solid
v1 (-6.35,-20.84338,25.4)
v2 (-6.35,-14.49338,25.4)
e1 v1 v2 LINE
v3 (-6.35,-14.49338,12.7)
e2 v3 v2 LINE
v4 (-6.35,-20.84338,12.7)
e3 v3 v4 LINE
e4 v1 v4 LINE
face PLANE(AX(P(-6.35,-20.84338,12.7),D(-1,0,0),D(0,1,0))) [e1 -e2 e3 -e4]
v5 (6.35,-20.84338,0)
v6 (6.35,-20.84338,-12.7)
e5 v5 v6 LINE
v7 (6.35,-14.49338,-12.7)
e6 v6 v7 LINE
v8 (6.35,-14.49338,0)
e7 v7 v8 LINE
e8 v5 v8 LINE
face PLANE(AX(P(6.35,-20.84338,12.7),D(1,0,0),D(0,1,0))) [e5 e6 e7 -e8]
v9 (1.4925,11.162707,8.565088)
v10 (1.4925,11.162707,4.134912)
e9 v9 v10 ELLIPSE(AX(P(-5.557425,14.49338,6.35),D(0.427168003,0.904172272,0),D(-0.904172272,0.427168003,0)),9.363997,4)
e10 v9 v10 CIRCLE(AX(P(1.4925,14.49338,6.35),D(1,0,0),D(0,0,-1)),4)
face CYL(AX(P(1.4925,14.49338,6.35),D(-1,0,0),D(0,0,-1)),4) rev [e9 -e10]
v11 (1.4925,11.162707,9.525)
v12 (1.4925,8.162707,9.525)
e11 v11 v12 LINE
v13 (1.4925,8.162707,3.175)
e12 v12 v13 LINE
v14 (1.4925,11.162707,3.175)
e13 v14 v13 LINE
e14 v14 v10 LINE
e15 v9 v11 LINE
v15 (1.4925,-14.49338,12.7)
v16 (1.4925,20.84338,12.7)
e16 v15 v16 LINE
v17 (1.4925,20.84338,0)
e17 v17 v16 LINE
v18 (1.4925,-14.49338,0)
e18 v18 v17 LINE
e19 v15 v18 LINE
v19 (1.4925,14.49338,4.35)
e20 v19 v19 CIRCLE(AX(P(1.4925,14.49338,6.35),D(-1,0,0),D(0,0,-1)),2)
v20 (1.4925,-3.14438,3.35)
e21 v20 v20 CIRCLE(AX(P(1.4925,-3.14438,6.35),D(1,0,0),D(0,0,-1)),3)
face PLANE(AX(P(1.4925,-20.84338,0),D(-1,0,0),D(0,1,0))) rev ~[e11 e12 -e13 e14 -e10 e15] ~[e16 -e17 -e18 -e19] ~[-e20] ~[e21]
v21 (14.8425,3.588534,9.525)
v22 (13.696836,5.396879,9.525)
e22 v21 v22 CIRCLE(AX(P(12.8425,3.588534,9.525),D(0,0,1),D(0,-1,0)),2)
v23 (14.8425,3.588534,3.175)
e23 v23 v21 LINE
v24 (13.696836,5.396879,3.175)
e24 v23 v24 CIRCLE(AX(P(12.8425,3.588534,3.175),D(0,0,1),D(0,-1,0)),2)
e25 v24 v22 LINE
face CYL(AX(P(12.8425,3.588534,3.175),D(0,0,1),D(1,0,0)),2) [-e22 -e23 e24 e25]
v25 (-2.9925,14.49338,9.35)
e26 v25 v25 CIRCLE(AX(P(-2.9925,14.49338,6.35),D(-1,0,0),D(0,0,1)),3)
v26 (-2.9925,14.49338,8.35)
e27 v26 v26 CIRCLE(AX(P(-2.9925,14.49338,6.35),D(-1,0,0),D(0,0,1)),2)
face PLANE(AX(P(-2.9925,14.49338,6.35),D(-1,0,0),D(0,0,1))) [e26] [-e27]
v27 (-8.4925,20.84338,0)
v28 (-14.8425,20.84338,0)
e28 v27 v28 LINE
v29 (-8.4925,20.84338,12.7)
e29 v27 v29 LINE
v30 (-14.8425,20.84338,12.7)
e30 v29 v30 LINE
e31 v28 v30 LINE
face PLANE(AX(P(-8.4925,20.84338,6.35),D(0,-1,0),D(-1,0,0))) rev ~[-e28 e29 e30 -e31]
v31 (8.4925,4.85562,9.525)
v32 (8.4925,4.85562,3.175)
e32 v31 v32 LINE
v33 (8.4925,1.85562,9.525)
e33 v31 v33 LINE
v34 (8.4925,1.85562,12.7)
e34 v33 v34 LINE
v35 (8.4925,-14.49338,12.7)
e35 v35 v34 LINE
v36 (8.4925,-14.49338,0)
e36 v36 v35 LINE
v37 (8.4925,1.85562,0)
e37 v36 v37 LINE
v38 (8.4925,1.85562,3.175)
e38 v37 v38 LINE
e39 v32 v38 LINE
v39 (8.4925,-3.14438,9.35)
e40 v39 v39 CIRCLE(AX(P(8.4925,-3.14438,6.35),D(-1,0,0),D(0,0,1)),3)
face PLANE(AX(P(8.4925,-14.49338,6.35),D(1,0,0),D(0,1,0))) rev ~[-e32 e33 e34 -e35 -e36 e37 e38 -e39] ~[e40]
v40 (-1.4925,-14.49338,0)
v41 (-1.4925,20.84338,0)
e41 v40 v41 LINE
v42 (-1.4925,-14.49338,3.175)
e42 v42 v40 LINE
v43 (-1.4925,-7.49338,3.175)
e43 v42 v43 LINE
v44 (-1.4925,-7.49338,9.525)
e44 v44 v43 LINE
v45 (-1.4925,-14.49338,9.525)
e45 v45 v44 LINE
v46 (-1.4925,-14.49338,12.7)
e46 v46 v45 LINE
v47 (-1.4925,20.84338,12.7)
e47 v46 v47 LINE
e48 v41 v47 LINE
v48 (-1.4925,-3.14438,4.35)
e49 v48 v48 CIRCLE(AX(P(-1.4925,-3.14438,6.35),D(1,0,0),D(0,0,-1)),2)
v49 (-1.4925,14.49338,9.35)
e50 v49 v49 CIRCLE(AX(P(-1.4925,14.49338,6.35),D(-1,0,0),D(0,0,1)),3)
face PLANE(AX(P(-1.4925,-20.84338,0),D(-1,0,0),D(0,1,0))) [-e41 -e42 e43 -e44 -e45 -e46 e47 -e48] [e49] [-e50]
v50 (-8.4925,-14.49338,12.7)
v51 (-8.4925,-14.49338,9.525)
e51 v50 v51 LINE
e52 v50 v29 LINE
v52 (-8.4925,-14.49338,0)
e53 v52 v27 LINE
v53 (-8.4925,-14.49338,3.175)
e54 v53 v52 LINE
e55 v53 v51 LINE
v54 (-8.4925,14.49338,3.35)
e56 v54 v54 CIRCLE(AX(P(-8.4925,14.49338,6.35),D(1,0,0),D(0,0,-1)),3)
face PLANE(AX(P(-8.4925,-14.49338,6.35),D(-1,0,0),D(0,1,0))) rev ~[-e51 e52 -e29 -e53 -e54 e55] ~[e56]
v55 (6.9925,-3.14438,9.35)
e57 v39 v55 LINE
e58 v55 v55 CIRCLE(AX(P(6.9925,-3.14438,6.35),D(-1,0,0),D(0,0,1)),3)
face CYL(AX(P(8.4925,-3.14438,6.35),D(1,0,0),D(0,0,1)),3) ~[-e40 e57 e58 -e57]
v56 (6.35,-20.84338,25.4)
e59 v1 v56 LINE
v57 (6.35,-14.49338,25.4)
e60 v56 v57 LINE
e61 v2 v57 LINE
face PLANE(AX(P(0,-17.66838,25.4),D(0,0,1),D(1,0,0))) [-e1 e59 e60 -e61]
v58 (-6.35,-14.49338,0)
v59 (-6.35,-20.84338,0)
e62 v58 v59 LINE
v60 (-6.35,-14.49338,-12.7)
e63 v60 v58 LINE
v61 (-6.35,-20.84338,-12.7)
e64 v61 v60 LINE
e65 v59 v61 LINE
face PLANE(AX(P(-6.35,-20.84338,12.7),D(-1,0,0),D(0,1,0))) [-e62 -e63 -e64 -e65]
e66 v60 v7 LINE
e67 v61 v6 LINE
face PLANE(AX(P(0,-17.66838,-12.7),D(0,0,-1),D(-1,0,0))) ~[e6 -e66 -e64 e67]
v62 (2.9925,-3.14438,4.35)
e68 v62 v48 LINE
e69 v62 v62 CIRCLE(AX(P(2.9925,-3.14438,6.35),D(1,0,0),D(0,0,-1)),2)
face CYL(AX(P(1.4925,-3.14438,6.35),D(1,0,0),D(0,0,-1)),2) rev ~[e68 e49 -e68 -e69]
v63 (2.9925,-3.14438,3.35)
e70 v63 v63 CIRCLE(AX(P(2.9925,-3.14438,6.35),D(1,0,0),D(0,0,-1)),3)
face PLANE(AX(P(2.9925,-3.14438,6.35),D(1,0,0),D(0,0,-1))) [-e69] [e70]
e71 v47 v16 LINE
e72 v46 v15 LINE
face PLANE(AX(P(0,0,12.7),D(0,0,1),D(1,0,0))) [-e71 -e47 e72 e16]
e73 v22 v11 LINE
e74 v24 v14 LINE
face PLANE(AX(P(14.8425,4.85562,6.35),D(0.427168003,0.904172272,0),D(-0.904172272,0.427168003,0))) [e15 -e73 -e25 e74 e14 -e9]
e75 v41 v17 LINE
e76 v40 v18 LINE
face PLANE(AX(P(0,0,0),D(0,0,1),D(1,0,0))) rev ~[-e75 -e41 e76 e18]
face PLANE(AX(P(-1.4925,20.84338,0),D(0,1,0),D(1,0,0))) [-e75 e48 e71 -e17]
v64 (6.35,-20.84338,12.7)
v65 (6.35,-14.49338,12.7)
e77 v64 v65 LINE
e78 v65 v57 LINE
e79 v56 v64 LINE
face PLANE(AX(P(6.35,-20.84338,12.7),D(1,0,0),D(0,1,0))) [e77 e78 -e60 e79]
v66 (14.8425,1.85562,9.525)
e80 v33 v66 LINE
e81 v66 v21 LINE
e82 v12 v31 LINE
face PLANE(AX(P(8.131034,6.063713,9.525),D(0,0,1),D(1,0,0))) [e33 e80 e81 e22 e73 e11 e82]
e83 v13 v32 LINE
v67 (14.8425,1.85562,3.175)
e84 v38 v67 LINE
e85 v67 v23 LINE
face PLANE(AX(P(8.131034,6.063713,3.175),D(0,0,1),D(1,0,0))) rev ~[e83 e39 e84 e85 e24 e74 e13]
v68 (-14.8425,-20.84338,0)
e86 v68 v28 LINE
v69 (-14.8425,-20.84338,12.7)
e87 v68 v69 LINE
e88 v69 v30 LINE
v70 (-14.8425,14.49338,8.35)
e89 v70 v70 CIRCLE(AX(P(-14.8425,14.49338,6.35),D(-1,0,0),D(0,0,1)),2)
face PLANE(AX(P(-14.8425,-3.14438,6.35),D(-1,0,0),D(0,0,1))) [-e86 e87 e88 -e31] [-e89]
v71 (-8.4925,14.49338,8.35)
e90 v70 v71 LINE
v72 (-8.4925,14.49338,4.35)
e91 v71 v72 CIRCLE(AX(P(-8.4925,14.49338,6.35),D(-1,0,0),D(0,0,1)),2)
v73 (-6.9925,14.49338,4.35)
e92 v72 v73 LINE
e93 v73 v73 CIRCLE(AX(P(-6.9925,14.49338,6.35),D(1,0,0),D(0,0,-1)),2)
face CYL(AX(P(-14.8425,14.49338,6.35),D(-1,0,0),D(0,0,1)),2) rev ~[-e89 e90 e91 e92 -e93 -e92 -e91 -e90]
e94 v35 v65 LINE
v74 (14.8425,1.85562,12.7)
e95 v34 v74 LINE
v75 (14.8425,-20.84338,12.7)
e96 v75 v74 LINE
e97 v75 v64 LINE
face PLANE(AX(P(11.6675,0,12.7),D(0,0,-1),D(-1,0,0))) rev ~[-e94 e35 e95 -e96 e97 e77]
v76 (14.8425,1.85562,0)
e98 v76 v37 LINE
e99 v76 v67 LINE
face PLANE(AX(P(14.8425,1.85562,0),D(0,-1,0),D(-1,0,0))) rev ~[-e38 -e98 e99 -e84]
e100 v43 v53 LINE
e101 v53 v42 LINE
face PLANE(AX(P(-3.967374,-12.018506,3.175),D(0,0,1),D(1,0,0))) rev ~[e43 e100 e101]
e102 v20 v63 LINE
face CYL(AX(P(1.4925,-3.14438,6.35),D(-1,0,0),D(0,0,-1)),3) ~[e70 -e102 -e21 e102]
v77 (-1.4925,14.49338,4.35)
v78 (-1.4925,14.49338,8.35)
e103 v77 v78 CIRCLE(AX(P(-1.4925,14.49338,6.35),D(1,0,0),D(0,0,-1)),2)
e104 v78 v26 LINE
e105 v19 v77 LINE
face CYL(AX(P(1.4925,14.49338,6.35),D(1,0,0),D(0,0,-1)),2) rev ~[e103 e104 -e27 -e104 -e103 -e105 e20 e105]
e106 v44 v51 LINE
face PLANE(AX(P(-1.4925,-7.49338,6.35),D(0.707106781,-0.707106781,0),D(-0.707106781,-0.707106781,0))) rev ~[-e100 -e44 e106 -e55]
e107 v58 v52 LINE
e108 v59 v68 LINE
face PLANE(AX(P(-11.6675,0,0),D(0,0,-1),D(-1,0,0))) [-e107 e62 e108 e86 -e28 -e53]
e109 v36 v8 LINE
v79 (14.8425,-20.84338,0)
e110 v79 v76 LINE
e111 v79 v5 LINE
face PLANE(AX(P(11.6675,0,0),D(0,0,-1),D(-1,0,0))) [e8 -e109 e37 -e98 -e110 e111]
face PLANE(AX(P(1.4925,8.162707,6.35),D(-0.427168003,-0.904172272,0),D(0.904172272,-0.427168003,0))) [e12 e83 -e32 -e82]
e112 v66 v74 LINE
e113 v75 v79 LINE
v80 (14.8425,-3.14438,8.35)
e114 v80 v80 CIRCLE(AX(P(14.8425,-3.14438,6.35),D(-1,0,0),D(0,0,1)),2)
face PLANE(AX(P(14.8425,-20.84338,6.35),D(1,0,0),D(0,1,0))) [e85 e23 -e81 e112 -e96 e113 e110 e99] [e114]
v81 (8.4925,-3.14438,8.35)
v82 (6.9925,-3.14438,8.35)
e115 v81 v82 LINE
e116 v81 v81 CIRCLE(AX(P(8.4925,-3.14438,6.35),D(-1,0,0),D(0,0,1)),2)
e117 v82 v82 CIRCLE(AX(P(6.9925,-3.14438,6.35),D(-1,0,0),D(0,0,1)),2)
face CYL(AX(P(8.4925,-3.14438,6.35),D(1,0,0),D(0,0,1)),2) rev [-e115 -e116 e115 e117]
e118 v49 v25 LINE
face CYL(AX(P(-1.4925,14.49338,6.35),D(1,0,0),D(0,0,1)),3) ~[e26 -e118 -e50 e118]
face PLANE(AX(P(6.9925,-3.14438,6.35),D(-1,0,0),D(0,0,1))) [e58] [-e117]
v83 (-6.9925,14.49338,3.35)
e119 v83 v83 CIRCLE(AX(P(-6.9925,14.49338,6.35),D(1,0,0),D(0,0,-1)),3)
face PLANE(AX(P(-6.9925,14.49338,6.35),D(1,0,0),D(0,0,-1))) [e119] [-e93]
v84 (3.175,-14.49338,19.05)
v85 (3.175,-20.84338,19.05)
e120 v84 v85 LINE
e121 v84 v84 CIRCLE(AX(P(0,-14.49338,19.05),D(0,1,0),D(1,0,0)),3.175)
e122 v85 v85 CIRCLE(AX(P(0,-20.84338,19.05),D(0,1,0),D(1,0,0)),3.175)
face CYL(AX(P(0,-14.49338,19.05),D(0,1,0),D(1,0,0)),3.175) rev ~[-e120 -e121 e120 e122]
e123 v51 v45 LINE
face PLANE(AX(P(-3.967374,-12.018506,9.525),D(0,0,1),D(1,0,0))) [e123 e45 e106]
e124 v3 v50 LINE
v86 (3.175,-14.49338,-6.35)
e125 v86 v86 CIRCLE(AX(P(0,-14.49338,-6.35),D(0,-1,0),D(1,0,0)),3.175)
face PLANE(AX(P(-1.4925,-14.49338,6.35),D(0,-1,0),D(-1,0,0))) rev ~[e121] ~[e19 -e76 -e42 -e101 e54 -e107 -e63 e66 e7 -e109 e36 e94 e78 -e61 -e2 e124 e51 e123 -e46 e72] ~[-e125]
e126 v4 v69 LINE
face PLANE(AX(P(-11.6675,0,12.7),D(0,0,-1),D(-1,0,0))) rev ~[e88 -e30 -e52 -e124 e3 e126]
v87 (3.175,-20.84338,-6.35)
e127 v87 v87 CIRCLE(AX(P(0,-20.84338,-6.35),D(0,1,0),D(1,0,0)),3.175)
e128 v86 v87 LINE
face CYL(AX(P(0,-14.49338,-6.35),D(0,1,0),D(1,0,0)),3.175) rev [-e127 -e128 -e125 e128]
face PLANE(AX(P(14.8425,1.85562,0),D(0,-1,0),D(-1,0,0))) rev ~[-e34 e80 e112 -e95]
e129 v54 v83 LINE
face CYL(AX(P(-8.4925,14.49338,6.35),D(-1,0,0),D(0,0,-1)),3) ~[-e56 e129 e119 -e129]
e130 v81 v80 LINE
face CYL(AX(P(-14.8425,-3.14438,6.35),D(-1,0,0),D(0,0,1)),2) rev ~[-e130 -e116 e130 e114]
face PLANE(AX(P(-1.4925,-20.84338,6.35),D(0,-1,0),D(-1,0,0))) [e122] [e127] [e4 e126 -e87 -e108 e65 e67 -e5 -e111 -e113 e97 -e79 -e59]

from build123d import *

# Parameters (mm, degrees)
SKETCH1_W            = 2.984999904
SKETCH1_H            = 41.686759908
BOSS_EXTRUDE1_DEPTH  = 12.7
SKETCH5_R            = 2
CUT_EXTRUDE2_DEPTH   = 3.984999904
SKETCH8_W            = 12.7
SKETCH8_H            = 6.35
BOSS_EXTRUDE2_DEPTH  = 12.7
SKETCH9_R            = 3.175
CUT_EXTRUDE3_DEPTH   = 12.7
SKETCH11_W           = 12.7
SKETCH11_H           = 6.35
BOSS_EXTRUDE3_DEPTH  = 12.7
CUT_EXTRUDE4_REACH   = 9.842
SKETCH12_R           = 2
SKETCH15_R           = 3
SKETCH15_R_2         = 2
BOSS_EXTRUDE5_DEPTH  = 1.5
SKETCH16_R           = 3
SKETCH16_R_2         = 2
BOSS_EXTRUDE6_DEPTH  = 1.5
SKETCH13_W           = 6.35
SKETCH13_H           = 41.686759908
SKETCH13_W_2         = 7
SKETCH13_H_2         = 6.35
BOSS_EXTRUDE4_DEPTH  = 6.35
SKETCH17_R           = 2
CUT_EXTRUDE5_DEPTH   = 29.685
SKETCH18_R           = 3
SKETCH18_R_2         = 2
BOSS_EXTRUDE7_DEPTH  = 1.5
SKETCH19_R           = 3
SKETCH19_R_2         = 2
BOSS_EXTRUDE8_DEPTH  = 1.5
CUT_EXTRUDE6_REACH   = 27.4
SKETCH20_W           = 6.35
SKETCH20_H           = 18.98776
SKETCH21_R           = 2
BOSS_EXTRUDE9_DEPTH  = 6.35
BOSS_EXTRUDE10_DEPTH = 3.175
BOSS_EXTRUDE11_DEPTH = 3.175
SKETCH24_R           = 4
CUT_EXTRUDE8_DEPTH   = 6.35
FILLET3_R            = 2


with BuildPart() as part:
    # Sketch1 → Boss-Extrude1 (new body)
    with BuildSketch(Plane.XY):
        Rectangle(SKETCH1_W, SKETCH1_H)
    extrude(amount=BOSS_EXTRUDE1_DEPTH)

    # Sketch5 → Cut-Extrude2 (cut, through all)
    with BuildSketch(Plane(origin=(1.492499952, 0, 0), x_dir=(0, 0, -1), z_dir=(1, 0, 0))):
        with Locations((-6.35, 14.493379954)):
            Circle(SKETCH5_R)
    extrude(amount=-CUT_EXTRUDE2_DEPTH, mode=Mode.SUBTRACT)

    # Sketch8 → Boss-Extrude2 (add)
    with BuildSketch(Plane.XY.offset(12.7)):
        with Locations((0, -17.668379954)):
            Rectangle(SKETCH8_W, SKETCH8_H)
    boss_extrude2 = extrude(amount=BOSS_EXTRUDE2_DEPTH)

    # Sketch9 → Cut-Extrude3 (cut)
    with BuildSketch(Plane(origin=(0, -14.493379954, 0), x_dir=(1, 0, 0), z_dir=(0, 1, 0))):
        with Locations((0, -19.05)):
            Circle(SKETCH9_R)
    cut_extrude3 = extrude(amount=-CUT_EXTRUDE3_DEPTH, mode=Mode.SUBTRACT)

    # Mirror1: Boss-Extrude2, Cut-Extrude3 across plane
    add(boss_extrude2.mirror(Plane(origin=(0, 0, 6.35), x_dir=(1, 0, 0), z_dir=(0, 0, -1))))
    add(cut_extrude3.mirror(Plane(origin=(0, 0, 6.35), x_dir=(1, 0, 0), z_dir=(0, 0, -1))), mode=Mode.SUBTRACT)

    # Sketch11 → Boss-Extrude3 (add)
    with BuildSketch(Plane(origin=(0, 0, 12.7), x_dir=(-1, 0, 0), z_dir=(0, 0, -1))):
        with Locations((0, -17.668379954)):
            Rectangle(SKETCH11_W, SKETCH11_H)
    extrude(amount=BOSS_EXTRUDE3_DEPTH)

    # Sketch12 → Cut-Extrude4 (cut, up to next)
    with BuildSketch(Plane(origin=(1.492499952, 0, 0), x_dir=(0, 0, -1), z_dir=(1, 0, 0)), mode=Mode.PRIVATE) as cut_extrude4_sk1:
        with Locations((-6.35, -3.144380046)):
            Circle(SKETCH12_R)
    cut_extrude4_tool1 = extrude(cut_extrude4_sk1.sketch, amount=-CUT_EXTRUDE4_REACH, mode=Mode.PRIVATE) & part.part
    add(cut_extrude4_tool1.solids().sort_by_distance((1.4925, -3.14438, 6.35))[0], mode=Mode.SUBTRACT)

    # Sketch15 → Boss-Extrude5 (add)
    with BuildSketch(Plane.ZY.offset(1.492499952)):
        with Locations((6.35, 14.493379954)):
            Circle(SKETCH15_R)
        with Locations((6.35, 14.493379954)):
            Circle(SKETCH15_R_2, mode=Mode.SUBTRACT)
    extrude(amount=BOSS_EXTRUDE5_DEPTH)

    # Sketch16 → Boss-Extrude6 (add)
    with BuildSketch(Plane(origin=(1.492499952, 0, 0), x_dir=(0, 0, -1), z_dir=(1, 0, 0))):
        with Locations((-6.35, -3.144380046)):
            Circle(SKETCH16_R)
        with Locations((-6.35, -3.144380046)):
            Circle(SKETCH16_R_2, mode=Mode.SUBTRACT)
    extrude(amount=BOSS_EXTRUDE6_DEPTH)

    # Sketch13 → Boss-Extrude4 (add, symmetric)
    with BuildSketch(Plane(origin=(0, 0, 6.35), x_dir=(-1, 0, 0), z_dir=(0, 0, -1))):
        with Locations((-11.667499952, 0)):
            Rectangle(SKETCH13_W, SKETCH13_H)
        with Locations((-4.992499952, -17.668379954)):
            Rectangle(SKETCH13_W_2, SKETCH13_H_2)
        with Locations((11.667499952, 0)):
            Rectangle(SKETCH13_W, SKETCH13_H)
        with Locations((4.992499952, -17.668379954)):
            Rectangle(SKETCH13_W_2, SKETCH13_H_2)
    extrude(amount=BOSS_EXTRUDE4_DEPTH, both=True)

    # Sketch17 → Cut-Extrude5 (cut)
    with BuildSketch(Plane.ZY.offset(14.842499952)):
        with Locations((6.35, 14.493379954)):
            Circle(SKETCH17_R)
        with Locations((6.35, -3.144380046)):
            Circle(SKETCH17_R)
    extrude(amount=-CUT_EXTRUDE5_DEPTH, mode=Mode.SUBTRACT)

    # Sketch18 → Boss-Extrude7 (add)
    with BuildSketch(Plane.ZY.offset(-8.492499952)):
        with Locations((6.35, -3.144380046)):
            Circle(SKETCH18_R)
        with Locations((6.35, -3.144380046)):
            Circle(SKETCH18_R_2, mode=Mode.SUBTRACT)
    extrude(amount=BOSS_EXTRUDE7_DEPTH)

    # Sketch19 → Boss-Extrude8 (add)
    with BuildSketch(Plane(origin=(-8.492499952, 0, 0), x_dir=(0, 0, -1), z_dir=(1, 0, 0))):
        with Locations((-6.35, 14.493379954)):
            Circle(SKETCH19_R)
        with Locations((-6.35, 14.493379954)):
            Circle(SKETCH19_R_2, mode=Mode.SUBTRACT)
    extrude(amount=BOSS_EXTRUDE8_DEPTH)

    # Sketch20 → Cut-Extrude6 (cut, up to next)
    with BuildSketch(Plane(origin=(0, 0, 0), x_dir=(-1, 0, 0), z_dir=(0, 0, -1)), mode=Mode.PRIVATE) as cut_extrude6_sk1:
        with Locations((-11.667499952, 11.349499954)):
            Rectangle(SKETCH20_W, SKETCH20_H)
    cut_extrude6_tool1 = extrude(cut_extrude6_sk1.sketch, amount=-CUT_EXTRUDE6_REACH, mode=Mode.PRIVATE) & part.part
    add(cut_extrude6_tool1.solids().sort_by_distance((11.6675, 11.3495, 0))[0], mode=Mode.SUBTRACT)

    # Sketch21 → Boss-Extrude9 (add)
    with BuildSketch(Plane.ZY.offset(14.842499952)):
        with Locations((6.35, -3.144380046)):
            Circle(SKETCH21_R)
    extrude(amount=-BOSS_EXTRUDE9_DEPTH)

    # Sketch22 → Boss-Extrude10 (add, symmetric)
    with BuildSketch(Plane.XY.offset(6.35)):
        Polygon((8.492499952, 1.855619954), (14.842499952, 1.855619954), (14.842499952, 4.855619954), (1.492499952, 11.162706568), (1.492499952, 8.162706568), (8.492499952, 4.855619954), align=None)
    extrude(amount=BOSS_EXTRUDE10_DEPTH, both=True)

    # Sketch23 → Boss-Extrude11 (add, symmetric)
    with BuildSketch(Plane(origin=(0, 0, 6.35), x_dir=(-1, 0, 0), z_dir=(0, 0, -1))):
        Polygon((1.492499952, -7.493379954), (8.492499952, -14.493379954), (1.492499952, -14.493379954), align=None)
    extrude(amount=BOSS_EXTRUDE11_DEPTH, both=True)

    # Sketch24 → Cut-Extrude8 (cut)
    with BuildSketch(Plane(origin=(1.492499952, 0, 0), x_dir=(0, 0, -1), z_dir=(1, 0, 0))):
        with Locations((-6.35, 14.493379954)):
            Circle(SKETCH24_R)
    extrude(amount=CUT_EXTRUDE8_DEPTH, mode=Mode.SUBTRACT)

    # Fillet3
    fillet3_edges = [part.edges().sort_by_distance(p)[0] for p in [
        (14.842499952, 4.855619954, 6.35),
    ]]
    fillet(fillet3_edges, radius=FILLET3_R)


solid = part.part
